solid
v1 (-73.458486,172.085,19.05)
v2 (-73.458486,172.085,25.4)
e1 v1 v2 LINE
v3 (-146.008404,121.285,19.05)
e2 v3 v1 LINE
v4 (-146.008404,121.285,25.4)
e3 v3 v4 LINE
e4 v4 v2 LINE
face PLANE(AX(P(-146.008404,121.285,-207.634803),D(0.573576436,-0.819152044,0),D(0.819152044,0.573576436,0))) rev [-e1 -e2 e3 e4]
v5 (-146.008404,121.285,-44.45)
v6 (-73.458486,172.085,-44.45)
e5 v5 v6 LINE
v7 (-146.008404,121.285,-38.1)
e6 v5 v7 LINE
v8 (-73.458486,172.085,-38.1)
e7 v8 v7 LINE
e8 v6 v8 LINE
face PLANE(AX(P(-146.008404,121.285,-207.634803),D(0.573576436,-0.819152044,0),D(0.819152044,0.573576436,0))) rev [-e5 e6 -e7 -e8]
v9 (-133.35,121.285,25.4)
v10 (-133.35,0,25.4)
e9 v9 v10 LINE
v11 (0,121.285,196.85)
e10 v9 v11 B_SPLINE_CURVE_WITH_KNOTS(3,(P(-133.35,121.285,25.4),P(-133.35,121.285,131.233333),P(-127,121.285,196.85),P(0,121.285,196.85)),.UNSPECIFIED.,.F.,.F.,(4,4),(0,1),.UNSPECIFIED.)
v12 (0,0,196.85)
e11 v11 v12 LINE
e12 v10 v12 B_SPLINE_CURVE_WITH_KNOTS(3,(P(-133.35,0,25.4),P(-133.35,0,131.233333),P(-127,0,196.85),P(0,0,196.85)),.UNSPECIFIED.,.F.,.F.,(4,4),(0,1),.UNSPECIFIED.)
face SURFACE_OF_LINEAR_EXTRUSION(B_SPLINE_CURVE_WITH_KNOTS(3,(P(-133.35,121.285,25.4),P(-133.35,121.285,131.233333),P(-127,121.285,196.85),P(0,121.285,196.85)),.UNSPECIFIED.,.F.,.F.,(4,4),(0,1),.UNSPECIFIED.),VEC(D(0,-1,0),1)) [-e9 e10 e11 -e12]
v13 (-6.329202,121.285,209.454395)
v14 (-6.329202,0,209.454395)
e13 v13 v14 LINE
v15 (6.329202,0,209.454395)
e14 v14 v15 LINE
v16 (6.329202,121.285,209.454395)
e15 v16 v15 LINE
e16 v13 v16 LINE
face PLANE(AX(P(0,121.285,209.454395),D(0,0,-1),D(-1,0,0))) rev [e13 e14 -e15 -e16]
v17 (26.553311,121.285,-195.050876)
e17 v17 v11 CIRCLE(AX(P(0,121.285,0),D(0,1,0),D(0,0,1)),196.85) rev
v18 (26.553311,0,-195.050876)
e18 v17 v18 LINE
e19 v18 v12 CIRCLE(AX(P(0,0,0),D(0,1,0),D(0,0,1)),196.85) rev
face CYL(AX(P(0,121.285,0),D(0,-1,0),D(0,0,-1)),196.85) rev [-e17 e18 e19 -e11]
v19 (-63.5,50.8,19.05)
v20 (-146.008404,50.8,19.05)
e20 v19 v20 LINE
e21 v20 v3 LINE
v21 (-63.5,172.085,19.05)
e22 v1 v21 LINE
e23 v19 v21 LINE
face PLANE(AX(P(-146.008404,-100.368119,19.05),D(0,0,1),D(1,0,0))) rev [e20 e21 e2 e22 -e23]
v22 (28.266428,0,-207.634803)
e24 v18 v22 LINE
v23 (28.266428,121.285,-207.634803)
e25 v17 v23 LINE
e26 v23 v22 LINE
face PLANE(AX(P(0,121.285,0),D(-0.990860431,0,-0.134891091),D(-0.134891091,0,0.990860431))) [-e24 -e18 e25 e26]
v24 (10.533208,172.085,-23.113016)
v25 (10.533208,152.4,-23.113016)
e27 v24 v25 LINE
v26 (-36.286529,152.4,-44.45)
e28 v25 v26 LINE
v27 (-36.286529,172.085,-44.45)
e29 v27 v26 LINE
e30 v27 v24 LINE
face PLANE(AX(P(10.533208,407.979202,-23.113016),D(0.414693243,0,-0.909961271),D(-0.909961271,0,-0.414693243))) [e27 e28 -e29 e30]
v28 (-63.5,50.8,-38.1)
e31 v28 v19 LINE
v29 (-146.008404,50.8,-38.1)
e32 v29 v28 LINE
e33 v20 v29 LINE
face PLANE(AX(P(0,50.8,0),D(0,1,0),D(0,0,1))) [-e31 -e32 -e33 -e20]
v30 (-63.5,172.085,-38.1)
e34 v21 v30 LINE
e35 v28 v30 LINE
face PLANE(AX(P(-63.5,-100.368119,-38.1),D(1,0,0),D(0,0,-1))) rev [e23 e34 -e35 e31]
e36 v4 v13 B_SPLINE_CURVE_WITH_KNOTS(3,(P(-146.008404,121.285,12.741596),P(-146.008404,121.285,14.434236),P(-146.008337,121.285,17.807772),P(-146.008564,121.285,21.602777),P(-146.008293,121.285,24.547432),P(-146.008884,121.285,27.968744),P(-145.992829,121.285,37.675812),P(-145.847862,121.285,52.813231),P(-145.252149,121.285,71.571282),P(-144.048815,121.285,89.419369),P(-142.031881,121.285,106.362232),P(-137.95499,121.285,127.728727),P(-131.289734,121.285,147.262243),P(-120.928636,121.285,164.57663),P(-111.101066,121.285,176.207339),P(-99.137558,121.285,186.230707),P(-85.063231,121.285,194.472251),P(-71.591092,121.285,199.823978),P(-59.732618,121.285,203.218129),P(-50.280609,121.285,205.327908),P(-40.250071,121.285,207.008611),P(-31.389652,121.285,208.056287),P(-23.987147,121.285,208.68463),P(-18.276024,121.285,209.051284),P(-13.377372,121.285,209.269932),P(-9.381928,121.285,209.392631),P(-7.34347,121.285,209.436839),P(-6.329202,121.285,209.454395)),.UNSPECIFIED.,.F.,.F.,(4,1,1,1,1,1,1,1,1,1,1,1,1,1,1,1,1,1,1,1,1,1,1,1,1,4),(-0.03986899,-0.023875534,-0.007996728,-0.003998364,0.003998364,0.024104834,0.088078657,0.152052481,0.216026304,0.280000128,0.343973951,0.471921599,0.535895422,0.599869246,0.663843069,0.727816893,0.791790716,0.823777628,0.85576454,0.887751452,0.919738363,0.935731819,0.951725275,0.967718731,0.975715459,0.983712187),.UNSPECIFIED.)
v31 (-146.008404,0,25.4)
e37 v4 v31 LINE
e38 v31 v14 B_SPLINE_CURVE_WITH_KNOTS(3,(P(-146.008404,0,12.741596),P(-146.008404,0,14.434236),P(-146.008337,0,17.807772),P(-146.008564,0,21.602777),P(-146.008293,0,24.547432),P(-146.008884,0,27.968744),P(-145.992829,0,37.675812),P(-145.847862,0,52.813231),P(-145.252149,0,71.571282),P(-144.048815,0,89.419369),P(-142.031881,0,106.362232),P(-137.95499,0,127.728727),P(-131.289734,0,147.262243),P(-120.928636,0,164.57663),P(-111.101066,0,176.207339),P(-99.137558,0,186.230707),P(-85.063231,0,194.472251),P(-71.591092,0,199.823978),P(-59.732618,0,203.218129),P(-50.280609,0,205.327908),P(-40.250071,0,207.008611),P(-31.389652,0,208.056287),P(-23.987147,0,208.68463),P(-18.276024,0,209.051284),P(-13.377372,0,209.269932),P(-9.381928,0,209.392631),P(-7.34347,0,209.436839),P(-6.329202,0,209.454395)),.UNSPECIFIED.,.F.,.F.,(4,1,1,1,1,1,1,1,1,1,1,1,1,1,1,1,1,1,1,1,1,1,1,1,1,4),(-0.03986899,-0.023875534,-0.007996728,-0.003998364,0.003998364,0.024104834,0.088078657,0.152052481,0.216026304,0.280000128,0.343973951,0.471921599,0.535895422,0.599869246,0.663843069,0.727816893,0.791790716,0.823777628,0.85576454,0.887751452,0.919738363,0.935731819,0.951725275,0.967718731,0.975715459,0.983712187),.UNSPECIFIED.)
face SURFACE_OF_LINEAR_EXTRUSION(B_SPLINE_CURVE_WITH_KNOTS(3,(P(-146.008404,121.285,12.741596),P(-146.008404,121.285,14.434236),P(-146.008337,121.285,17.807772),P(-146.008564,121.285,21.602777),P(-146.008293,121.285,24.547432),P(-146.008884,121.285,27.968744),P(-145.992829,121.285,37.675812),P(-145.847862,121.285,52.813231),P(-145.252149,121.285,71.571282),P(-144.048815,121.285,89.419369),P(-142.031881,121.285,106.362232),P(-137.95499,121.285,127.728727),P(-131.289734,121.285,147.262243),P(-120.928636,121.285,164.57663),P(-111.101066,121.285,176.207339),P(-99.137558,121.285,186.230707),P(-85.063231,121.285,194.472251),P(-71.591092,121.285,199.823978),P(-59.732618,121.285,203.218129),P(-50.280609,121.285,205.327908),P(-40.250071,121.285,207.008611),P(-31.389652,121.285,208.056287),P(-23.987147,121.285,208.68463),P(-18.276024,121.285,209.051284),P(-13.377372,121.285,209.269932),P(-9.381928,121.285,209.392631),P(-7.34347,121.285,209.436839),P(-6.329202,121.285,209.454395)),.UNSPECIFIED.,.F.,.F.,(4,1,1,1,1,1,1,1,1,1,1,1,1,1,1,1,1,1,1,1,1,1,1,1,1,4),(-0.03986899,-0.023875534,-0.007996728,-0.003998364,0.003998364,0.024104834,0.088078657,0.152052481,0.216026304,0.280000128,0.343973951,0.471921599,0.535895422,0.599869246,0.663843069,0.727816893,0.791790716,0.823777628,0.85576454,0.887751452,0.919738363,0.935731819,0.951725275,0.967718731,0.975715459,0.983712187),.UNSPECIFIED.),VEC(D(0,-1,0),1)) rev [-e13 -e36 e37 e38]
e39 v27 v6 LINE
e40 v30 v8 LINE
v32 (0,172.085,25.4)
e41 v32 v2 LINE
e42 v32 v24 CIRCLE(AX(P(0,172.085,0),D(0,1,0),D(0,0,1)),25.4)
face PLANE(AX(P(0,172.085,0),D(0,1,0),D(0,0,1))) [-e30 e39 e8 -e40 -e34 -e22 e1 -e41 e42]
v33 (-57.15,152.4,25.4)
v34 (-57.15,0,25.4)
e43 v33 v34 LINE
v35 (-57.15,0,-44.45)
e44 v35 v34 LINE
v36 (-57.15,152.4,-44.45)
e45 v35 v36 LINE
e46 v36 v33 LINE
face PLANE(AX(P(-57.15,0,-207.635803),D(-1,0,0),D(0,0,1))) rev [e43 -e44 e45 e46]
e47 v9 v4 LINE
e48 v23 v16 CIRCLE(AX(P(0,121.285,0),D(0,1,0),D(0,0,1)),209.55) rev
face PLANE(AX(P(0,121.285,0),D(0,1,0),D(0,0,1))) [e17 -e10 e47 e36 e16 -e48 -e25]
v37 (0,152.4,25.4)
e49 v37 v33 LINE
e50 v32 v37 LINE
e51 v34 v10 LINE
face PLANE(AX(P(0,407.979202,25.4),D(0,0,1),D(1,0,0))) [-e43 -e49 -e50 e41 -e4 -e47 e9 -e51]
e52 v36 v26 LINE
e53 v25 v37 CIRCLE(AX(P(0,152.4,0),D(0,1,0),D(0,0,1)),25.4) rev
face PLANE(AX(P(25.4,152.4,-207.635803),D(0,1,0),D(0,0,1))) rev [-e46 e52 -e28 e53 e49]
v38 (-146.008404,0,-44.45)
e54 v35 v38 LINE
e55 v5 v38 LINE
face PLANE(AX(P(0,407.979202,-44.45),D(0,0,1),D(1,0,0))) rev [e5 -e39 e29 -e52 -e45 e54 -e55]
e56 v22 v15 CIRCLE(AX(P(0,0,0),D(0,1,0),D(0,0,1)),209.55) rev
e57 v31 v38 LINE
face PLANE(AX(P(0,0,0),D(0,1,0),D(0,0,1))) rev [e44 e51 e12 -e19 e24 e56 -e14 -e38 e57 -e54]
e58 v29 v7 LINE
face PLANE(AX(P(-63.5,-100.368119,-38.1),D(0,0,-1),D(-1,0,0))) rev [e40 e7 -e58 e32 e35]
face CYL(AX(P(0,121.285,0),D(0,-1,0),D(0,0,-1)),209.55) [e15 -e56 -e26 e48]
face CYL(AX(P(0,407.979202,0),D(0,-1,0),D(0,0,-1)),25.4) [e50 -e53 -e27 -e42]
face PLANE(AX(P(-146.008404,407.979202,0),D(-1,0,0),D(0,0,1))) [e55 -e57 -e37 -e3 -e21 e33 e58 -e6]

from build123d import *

# Parameters (mm, degrees)
BASE_EXTRUDE_DEPTH           = 121.285
SKETCH3_4_W                  = 12.658404279
SKETCH3_4_H                  = 69.85
MOTOR_BOX_CORE_SUPPORT_DEPTH = 172.085
WHEEL_SPACE_REACH            = 359.533
SKETCH4_W                    = 82.55
SKETCH4_H                    = 152.4
SKETCH5_W                    = 82.508404279
SKETCH5_H                    = 57.15
MOTOR_SPACE_DEPTH            = 121.285
MOTOR_SPACE_RIBS_DEPTH       = 358.532752856


with BuildPart() as part:
    # Sketch3 → Base extrude (new body)
    with BuildSketch(Plane(origin=(0, 0, 0), x_dir=(1, 0, 0), z_dir=(0, 1, 0))):
        with BuildLine():
            Line((26.55331123, 195.050875832), (28.266428083, 207.634803305))
            ThreePointArc((28.266428083, 207.634803305), (209.260756715, -11.006279992), (6.329202139, -209.454395276))
            Line((6.329202139, -209.454395276), (-6.329202139, -209.454395276))
            add(Edge.make_bspline(
                [(-146.008404279, -25.4), (-146.008404279, -25.825184703), (-146.008186701, -28.390264622), (-145.992828986, -37.675812079), (-145.847861717, -52.813230692), (-145.252148771, -71.571281929), (-144.048815033, -89.419368639), (-142.031880927, -106.362231784), (-137.954990072, -127.728726744), (-131.289734266, -147.26224301), (-120.928636207, -164.576629863), (-111.101066218, -176.207339111), (-99.137557526, -186.230706711), (-85.06323068, -194.472251254), (-71.591092365, -199.823977742), (-59.732617944, -203.218129468), (-50.280608969, -205.32790847), (-40.250071446, -207.008611147), (-31.389652459, -208.056286946), (-23.987147203, -208.684629614), (-18.276024056, -209.051283621), (-13.377371895, -209.269931643), (-9.381928102, -209.392630987), (-7.343469775, -209.4368391), (-6.329202139, -209.454395276)],
                knots=[0, 0, 0, 0, 0.003998364, 0.024104834, 0.088078657, 0.152052481, 0.216026304, 0.280000128, 0.343973951, 0.471921599, 0.535895422, 0.599869246, 0.663843069, 0.727816893, 0.791790716, 0.823777628, 0.85576454, 0.887751452, 0.919738363, 0.935731819, 0.951725275, 0.967718731, 0.975715459, 0.983712187, 0.983712187, 0.983712187, 0.983712187], degree=3))
            Line((-146.008404279, -25.4), (-133.35, -25.4))
            add(Edge.make_bspline(
                [(-133.35, -25.4), (-133.35, -131.233333333), (-127, -196.85), (0, -196.85)],
                knots=[0, 0, 0, 0, 1, 1, 1, 1], degree=3))
            ThreePointArc((0, -196.85), (196.39970393, -13.307095711), (26.55331123, 195.050875832))
        make_face()
    extrude(amount=BASE_EXTRUDE_DEPTH)

    # Sketch3<4> → Motor box & Core support (add)
    with BuildSketch(Plane(origin=(0, 0, 0), x_dir=(1, 0, 0), z_dir=(0, 1, 0))):
        with Locations((-139.67920214, 9.525)):
            Rectangle(SKETCH3_4_W, SKETCH3_4_H)
        with BuildLine():
            Line((-133.35, 44.45), (-133.35, -25.4))
            Line((-133.35, -25.4), (0, -25.4))
            ThreePointArc((0, -25.4), (24.821670104, -5.389312873), (10.533208363, 23.11301628))
            Line((10.533208363, 23.11301628), (-36.286529277, 44.45))
            Line((-36.286529277, 44.45), (-133.35, 44.45))
        make_face()
    extrude(amount=MOTOR_BOX_CORE_SUPPORT_DEPTH)

    # Sketch4 → Wheel space (cut, up to next)
    with BuildSketch(Plane.XY.offset(25.4), mode=Mode.PRIVATE) as wheel_space_sk1:
        with Locations((-15.875, 76.2)):
            Rectangle(SKETCH4_W, SKETCH4_H)
    wheel_space_tool1 = extrude(wheel_space_sk1.sketch, amount=-WHEEL_SPACE_REACH, mode=Mode.PRIVATE) & part.part
    add(wheel_space_tool1.solids().sort_by_distance((-15.875, 76.2, 25.4))[0], mode=Mode.SUBTRACT)

    # Sketch5 → Motor space (cut)
    with BuildSketch(Plane(origin=(0, 172.085, 0), x_dir=(1, 0, 0), z_dir=(0, 1, 0))):
        with Locations((-104.75420214, 9.525)):
            Rectangle(SKETCH5_W, SKETCH5_H)
    extrude(amount=-MOTOR_SPACE_DEPTH, mode=Mode.SUBTRACT)

    # Sketch6 → Motor Space Ribs (cut, through all)
    with BuildSketch(Plane.XY.offset(25.4)):
        Polygon((-146.008404279, 121.285), (-73.458485536, 172.085), (-146.008404279, 172.085), align=None)
    extrude(amount=-MOTOR_SPACE_RIBS_DEPTH, mode=Mode.SUBTRACT)


solid = part.part
